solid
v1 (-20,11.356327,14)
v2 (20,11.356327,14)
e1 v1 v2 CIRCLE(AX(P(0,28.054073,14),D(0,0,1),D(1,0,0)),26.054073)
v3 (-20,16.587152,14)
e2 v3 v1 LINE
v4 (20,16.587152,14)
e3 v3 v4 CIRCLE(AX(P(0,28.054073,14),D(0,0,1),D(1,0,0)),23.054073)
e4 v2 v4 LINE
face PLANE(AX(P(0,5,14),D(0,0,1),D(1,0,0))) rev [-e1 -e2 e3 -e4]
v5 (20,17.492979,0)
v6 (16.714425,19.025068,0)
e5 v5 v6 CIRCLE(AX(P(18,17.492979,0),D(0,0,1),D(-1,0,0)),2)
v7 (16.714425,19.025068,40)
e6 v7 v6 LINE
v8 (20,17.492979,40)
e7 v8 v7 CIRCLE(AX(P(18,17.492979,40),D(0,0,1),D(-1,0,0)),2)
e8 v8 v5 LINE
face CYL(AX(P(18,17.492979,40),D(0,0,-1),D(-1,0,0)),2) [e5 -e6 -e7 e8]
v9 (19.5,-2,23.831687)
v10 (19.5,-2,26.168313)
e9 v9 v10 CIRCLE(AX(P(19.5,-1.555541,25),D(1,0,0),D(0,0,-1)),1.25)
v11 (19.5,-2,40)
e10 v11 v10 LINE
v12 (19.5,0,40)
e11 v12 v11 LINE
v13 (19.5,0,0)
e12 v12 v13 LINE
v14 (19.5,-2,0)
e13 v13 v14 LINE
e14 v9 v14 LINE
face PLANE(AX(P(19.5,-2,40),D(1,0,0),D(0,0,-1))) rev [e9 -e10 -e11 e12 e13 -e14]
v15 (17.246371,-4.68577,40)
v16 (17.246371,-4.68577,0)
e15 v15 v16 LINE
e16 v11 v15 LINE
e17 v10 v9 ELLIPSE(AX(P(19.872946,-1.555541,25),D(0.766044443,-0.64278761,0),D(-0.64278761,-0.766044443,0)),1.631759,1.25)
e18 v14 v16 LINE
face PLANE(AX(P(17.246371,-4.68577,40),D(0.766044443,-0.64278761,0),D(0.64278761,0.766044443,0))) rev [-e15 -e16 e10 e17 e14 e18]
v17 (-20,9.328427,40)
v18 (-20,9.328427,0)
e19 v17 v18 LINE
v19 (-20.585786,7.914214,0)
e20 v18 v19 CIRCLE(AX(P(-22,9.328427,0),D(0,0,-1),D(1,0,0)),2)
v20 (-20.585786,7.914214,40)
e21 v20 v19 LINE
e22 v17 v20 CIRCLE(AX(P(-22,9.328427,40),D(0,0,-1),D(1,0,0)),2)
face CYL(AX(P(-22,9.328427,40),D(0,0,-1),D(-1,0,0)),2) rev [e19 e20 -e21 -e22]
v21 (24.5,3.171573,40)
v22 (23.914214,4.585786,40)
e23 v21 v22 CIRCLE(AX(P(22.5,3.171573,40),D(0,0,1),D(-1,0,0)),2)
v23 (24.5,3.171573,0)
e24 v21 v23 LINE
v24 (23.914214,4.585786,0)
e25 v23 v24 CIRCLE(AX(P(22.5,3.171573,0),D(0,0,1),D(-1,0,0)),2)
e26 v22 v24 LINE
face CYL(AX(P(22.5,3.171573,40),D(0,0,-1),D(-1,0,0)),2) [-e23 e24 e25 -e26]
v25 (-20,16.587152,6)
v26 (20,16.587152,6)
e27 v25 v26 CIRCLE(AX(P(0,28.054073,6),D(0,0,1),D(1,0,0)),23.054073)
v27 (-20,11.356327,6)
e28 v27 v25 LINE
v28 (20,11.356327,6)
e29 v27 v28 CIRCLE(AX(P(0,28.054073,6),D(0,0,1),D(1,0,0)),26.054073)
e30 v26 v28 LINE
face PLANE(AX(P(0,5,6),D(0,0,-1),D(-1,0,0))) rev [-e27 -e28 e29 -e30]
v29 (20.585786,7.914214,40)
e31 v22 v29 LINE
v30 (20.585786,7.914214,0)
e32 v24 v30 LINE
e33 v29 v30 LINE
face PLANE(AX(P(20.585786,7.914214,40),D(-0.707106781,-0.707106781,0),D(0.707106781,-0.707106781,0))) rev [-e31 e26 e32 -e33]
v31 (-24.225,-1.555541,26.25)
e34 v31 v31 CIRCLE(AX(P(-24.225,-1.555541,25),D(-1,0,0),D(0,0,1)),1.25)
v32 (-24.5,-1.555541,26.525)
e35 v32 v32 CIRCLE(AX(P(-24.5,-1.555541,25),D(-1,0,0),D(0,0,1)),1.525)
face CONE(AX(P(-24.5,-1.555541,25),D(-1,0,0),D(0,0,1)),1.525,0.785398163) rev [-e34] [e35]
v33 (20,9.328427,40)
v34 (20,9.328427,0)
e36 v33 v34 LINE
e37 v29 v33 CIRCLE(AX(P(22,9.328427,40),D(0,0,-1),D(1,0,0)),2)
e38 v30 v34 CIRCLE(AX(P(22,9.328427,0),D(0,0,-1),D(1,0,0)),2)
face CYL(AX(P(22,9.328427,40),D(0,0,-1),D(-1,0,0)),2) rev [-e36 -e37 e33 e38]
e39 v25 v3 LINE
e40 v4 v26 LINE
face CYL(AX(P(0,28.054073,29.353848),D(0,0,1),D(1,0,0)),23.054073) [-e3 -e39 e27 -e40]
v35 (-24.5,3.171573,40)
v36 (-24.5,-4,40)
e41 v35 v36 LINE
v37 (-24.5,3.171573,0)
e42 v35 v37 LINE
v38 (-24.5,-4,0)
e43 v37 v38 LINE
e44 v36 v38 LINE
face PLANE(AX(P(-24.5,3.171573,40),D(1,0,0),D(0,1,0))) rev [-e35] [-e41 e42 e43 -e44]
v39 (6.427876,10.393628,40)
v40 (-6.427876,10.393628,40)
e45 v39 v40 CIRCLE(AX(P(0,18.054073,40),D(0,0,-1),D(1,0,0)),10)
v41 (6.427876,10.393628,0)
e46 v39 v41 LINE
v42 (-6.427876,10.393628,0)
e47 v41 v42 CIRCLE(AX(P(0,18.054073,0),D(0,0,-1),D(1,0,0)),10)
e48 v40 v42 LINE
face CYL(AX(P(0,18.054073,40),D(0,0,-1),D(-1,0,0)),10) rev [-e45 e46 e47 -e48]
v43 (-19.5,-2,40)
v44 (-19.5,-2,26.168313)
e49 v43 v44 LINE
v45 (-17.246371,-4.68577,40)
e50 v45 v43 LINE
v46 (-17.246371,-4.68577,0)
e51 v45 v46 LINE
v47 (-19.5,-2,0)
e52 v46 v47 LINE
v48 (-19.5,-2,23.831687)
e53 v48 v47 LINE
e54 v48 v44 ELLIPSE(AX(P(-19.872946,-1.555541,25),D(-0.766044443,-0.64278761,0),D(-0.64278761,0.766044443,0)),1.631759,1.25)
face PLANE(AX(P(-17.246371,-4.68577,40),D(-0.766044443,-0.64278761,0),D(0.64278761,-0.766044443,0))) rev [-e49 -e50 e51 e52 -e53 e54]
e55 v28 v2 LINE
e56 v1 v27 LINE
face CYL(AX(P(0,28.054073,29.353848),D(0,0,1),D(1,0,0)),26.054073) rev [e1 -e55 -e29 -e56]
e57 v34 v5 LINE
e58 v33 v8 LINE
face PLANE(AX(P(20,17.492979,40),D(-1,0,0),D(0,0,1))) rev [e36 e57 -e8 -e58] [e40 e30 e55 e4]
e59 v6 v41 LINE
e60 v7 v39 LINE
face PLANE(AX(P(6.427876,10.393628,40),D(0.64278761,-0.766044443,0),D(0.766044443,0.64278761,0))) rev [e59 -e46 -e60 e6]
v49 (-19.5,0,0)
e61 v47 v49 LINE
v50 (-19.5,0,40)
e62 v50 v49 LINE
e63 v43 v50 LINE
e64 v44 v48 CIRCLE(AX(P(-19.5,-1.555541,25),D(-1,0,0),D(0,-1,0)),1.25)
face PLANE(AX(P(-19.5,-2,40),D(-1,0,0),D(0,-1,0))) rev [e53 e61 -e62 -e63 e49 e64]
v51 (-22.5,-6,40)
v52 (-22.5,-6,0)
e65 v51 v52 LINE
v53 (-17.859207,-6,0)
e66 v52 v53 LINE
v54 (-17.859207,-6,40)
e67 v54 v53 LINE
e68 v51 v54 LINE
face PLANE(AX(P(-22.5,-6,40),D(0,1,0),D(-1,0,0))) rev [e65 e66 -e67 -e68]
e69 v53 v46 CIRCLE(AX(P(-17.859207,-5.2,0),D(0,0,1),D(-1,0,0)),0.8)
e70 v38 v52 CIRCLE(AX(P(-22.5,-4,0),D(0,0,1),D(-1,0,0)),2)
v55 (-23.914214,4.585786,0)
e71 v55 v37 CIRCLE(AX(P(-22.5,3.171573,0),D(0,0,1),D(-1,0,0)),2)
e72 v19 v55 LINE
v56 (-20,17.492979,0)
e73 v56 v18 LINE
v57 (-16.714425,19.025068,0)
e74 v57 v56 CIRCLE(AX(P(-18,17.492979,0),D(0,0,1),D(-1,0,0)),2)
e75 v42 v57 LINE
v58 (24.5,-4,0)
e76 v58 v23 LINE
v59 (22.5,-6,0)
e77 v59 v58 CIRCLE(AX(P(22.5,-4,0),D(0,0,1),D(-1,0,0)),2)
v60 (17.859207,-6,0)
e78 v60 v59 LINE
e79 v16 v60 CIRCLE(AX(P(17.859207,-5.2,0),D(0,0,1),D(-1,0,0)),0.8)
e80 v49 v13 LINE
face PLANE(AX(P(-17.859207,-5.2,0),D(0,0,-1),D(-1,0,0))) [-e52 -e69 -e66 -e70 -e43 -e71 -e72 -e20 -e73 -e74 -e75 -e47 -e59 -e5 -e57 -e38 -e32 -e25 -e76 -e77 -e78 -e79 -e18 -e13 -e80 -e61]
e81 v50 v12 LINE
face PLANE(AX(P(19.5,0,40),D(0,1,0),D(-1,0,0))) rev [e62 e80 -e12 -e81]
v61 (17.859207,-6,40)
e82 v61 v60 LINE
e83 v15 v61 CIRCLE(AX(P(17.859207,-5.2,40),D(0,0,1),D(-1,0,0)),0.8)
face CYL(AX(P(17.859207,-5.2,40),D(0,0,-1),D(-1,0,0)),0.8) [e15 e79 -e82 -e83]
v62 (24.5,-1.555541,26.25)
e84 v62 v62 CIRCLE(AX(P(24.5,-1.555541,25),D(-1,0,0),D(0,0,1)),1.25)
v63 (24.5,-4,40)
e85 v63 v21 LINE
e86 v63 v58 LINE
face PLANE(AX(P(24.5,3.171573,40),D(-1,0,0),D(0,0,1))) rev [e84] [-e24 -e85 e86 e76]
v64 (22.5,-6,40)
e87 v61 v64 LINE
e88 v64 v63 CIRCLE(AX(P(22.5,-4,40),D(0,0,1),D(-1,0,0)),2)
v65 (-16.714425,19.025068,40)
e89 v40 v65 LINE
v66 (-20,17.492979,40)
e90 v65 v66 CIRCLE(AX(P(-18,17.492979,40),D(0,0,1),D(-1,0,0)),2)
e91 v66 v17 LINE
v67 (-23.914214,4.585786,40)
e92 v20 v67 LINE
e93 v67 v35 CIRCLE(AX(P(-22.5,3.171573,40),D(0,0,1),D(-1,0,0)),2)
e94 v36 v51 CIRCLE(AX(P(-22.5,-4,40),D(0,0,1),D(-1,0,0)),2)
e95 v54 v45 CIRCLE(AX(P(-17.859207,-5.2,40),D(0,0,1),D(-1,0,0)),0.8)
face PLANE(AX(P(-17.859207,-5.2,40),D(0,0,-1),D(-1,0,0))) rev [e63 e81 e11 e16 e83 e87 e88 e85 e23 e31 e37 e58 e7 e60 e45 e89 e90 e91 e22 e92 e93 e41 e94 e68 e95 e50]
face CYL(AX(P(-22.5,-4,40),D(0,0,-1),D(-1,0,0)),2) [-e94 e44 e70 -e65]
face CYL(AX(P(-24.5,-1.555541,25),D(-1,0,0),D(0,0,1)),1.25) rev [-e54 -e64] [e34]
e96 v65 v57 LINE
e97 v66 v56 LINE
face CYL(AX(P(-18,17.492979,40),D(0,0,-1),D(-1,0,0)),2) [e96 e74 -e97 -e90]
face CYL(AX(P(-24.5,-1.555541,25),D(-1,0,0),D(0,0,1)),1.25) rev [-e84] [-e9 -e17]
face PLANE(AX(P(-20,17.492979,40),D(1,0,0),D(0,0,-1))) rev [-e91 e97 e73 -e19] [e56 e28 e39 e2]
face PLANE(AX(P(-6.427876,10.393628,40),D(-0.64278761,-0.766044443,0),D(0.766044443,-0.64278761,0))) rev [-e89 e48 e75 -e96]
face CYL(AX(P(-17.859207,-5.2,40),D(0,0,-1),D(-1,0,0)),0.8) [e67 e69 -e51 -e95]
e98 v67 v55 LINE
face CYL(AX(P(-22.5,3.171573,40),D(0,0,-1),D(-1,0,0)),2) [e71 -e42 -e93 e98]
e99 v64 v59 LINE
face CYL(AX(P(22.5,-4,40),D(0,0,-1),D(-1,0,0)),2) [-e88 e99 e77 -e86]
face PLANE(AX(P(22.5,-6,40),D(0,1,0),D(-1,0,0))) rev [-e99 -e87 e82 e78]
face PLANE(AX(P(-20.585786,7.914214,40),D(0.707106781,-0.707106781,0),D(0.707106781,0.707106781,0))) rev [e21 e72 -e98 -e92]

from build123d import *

# Parameters (mm, degrees)
BOSS_EXTRUDE1_DEPTH             = 40
SKETCH2_W                       = 8
SKETCH2_H                       = 3
M3X0_5_TAPPED_HOLE1_D           = 2.5
M3X0_5_TAPPED_HOLE1_CSINK_D     = 3.05
M3X0_5_TAPPED_HOLE1_CSINK_ANGLE = 90


with BuildPart() as part:
    # Sketch1 → Boss-Extrude1 (new body)
    with BuildSketch(Plane.XY):
        with BuildLine():
            Line((6.427876097, 10.393628462), (16.714424781, 19.025067669))
            ThreePointArc((16.714424781, 19.025067669), (18.845236523, 19.305594357), (20, 17.492978783))
            Line((20, 17.492978783), (20, 9.328427125))
            ThreePointArc((20, 9.328427125), (20.152240935, 8.56306026), (20.585786438, 7.914213562))
            Line((20.585786438, 7.914213562), (23.914213562, 4.585786438))
            ThreePointArc((23.914213562, 4.585786438), (24.347759065, 3.93693974), (24.5, 3.171572875))
            Line((24.5, 3.171572875), (24.5, -4))
            ThreePointArc((24.5, -4), (23.914213562, -5.414213562), (22.5, -6))
            Line((22.5, -6), (17.859207012, -6))
            ThreePointArc((17.859207012, -6), (17.134160782, -5.538094609), (17.246371457, -4.685769912))
            Line((17.246371457, -4.685769912), (19.5, -2))
            Line((19.5, -2), (19.5, 0))
            Line((19.5, 0), (-19.5, 0))
            Line((-19.5, 0), (-19.5, -2))
            Line((-19.5, -2), (-17.246371457, -4.685769912))
            ThreePointArc((-17.246371457, -4.685769912), (-17.134160782, -5.538094609), (-17.859207012, -6))
            Line((-17.859207012, -6), (-22.5, -6))
            ThreePointArc((-22.5, -6), (-23.914213562, -5.414213562), (-24.5, -4))
            Line((-24.5, -4), (-24.5, 3.171572875))
            ThreePointArc((-24.5, 3.171572875), (-24.347759065, 3.93693974), (-23.914213562, 4.585786438))
            Line((-23.914213562, 4.585786438), (-20.585786438, 7.914213562))
            ThreePointArc((-20.585786438, 7.914213562), (-20.152240935, 8.56306026), (-20, 9.328427125))
            Line((-20, 9.328427125), (-20, 17.492978783))
            ThreePointArc((-20, 17.492978783), (-18.845236523, 19.305594357), (-16.714424781, 19.025067669))
            Line((-16.714424781, 19.025067669), (-6.427876097, 10.393628462))
            ThreePointArc((-6.427876097, 10.393628462), (0, 8.054072893), (6.427876097, 10.393628462))
        make_face()
    extrude(amount=BOSS_EXTRUDE1_DEPTH)

    # Sketch2 → Cut-Revolve1 (revolve, cut)
    with BuildSketch(Plane(origin=(0, 0, 0), x_dir=(0, 0, -1), z_dir=(1, 0, 0))):
        with Locations((-10, 3.5)):
            Rectangle(SKETCH2_W, SKETCH2_H)
        with Locations((-50, 3.5)):
            Rectangle(SKETCH2_W, SKETCH2_H)
        with Locations((-90, 3.5)):
            Rectangle(SKETCH2_W, SKETCH2_H)
    revolve(axis=Axis((0, 28.054072893, 29.353848425), (0, 0, -1)), mode=Mode.SUBTRACT)

    # M3x0.5 Tapped Hole1 (through all)
    with Locations(Plane.ZY.offset(24.5)):
        with Locations((25, -1.555540573), (75, -1.555540573)):
            CounterSinkHole(M3X0_5_TAPPED_HOLE1_D / 2, M3X0_5_TAPPED_HOLE1_CSINK_D / 2, counter_sink_angle=M3X0_5_TAPPED_HOLE1_CSINK_ANGLE)


solid = part.part
